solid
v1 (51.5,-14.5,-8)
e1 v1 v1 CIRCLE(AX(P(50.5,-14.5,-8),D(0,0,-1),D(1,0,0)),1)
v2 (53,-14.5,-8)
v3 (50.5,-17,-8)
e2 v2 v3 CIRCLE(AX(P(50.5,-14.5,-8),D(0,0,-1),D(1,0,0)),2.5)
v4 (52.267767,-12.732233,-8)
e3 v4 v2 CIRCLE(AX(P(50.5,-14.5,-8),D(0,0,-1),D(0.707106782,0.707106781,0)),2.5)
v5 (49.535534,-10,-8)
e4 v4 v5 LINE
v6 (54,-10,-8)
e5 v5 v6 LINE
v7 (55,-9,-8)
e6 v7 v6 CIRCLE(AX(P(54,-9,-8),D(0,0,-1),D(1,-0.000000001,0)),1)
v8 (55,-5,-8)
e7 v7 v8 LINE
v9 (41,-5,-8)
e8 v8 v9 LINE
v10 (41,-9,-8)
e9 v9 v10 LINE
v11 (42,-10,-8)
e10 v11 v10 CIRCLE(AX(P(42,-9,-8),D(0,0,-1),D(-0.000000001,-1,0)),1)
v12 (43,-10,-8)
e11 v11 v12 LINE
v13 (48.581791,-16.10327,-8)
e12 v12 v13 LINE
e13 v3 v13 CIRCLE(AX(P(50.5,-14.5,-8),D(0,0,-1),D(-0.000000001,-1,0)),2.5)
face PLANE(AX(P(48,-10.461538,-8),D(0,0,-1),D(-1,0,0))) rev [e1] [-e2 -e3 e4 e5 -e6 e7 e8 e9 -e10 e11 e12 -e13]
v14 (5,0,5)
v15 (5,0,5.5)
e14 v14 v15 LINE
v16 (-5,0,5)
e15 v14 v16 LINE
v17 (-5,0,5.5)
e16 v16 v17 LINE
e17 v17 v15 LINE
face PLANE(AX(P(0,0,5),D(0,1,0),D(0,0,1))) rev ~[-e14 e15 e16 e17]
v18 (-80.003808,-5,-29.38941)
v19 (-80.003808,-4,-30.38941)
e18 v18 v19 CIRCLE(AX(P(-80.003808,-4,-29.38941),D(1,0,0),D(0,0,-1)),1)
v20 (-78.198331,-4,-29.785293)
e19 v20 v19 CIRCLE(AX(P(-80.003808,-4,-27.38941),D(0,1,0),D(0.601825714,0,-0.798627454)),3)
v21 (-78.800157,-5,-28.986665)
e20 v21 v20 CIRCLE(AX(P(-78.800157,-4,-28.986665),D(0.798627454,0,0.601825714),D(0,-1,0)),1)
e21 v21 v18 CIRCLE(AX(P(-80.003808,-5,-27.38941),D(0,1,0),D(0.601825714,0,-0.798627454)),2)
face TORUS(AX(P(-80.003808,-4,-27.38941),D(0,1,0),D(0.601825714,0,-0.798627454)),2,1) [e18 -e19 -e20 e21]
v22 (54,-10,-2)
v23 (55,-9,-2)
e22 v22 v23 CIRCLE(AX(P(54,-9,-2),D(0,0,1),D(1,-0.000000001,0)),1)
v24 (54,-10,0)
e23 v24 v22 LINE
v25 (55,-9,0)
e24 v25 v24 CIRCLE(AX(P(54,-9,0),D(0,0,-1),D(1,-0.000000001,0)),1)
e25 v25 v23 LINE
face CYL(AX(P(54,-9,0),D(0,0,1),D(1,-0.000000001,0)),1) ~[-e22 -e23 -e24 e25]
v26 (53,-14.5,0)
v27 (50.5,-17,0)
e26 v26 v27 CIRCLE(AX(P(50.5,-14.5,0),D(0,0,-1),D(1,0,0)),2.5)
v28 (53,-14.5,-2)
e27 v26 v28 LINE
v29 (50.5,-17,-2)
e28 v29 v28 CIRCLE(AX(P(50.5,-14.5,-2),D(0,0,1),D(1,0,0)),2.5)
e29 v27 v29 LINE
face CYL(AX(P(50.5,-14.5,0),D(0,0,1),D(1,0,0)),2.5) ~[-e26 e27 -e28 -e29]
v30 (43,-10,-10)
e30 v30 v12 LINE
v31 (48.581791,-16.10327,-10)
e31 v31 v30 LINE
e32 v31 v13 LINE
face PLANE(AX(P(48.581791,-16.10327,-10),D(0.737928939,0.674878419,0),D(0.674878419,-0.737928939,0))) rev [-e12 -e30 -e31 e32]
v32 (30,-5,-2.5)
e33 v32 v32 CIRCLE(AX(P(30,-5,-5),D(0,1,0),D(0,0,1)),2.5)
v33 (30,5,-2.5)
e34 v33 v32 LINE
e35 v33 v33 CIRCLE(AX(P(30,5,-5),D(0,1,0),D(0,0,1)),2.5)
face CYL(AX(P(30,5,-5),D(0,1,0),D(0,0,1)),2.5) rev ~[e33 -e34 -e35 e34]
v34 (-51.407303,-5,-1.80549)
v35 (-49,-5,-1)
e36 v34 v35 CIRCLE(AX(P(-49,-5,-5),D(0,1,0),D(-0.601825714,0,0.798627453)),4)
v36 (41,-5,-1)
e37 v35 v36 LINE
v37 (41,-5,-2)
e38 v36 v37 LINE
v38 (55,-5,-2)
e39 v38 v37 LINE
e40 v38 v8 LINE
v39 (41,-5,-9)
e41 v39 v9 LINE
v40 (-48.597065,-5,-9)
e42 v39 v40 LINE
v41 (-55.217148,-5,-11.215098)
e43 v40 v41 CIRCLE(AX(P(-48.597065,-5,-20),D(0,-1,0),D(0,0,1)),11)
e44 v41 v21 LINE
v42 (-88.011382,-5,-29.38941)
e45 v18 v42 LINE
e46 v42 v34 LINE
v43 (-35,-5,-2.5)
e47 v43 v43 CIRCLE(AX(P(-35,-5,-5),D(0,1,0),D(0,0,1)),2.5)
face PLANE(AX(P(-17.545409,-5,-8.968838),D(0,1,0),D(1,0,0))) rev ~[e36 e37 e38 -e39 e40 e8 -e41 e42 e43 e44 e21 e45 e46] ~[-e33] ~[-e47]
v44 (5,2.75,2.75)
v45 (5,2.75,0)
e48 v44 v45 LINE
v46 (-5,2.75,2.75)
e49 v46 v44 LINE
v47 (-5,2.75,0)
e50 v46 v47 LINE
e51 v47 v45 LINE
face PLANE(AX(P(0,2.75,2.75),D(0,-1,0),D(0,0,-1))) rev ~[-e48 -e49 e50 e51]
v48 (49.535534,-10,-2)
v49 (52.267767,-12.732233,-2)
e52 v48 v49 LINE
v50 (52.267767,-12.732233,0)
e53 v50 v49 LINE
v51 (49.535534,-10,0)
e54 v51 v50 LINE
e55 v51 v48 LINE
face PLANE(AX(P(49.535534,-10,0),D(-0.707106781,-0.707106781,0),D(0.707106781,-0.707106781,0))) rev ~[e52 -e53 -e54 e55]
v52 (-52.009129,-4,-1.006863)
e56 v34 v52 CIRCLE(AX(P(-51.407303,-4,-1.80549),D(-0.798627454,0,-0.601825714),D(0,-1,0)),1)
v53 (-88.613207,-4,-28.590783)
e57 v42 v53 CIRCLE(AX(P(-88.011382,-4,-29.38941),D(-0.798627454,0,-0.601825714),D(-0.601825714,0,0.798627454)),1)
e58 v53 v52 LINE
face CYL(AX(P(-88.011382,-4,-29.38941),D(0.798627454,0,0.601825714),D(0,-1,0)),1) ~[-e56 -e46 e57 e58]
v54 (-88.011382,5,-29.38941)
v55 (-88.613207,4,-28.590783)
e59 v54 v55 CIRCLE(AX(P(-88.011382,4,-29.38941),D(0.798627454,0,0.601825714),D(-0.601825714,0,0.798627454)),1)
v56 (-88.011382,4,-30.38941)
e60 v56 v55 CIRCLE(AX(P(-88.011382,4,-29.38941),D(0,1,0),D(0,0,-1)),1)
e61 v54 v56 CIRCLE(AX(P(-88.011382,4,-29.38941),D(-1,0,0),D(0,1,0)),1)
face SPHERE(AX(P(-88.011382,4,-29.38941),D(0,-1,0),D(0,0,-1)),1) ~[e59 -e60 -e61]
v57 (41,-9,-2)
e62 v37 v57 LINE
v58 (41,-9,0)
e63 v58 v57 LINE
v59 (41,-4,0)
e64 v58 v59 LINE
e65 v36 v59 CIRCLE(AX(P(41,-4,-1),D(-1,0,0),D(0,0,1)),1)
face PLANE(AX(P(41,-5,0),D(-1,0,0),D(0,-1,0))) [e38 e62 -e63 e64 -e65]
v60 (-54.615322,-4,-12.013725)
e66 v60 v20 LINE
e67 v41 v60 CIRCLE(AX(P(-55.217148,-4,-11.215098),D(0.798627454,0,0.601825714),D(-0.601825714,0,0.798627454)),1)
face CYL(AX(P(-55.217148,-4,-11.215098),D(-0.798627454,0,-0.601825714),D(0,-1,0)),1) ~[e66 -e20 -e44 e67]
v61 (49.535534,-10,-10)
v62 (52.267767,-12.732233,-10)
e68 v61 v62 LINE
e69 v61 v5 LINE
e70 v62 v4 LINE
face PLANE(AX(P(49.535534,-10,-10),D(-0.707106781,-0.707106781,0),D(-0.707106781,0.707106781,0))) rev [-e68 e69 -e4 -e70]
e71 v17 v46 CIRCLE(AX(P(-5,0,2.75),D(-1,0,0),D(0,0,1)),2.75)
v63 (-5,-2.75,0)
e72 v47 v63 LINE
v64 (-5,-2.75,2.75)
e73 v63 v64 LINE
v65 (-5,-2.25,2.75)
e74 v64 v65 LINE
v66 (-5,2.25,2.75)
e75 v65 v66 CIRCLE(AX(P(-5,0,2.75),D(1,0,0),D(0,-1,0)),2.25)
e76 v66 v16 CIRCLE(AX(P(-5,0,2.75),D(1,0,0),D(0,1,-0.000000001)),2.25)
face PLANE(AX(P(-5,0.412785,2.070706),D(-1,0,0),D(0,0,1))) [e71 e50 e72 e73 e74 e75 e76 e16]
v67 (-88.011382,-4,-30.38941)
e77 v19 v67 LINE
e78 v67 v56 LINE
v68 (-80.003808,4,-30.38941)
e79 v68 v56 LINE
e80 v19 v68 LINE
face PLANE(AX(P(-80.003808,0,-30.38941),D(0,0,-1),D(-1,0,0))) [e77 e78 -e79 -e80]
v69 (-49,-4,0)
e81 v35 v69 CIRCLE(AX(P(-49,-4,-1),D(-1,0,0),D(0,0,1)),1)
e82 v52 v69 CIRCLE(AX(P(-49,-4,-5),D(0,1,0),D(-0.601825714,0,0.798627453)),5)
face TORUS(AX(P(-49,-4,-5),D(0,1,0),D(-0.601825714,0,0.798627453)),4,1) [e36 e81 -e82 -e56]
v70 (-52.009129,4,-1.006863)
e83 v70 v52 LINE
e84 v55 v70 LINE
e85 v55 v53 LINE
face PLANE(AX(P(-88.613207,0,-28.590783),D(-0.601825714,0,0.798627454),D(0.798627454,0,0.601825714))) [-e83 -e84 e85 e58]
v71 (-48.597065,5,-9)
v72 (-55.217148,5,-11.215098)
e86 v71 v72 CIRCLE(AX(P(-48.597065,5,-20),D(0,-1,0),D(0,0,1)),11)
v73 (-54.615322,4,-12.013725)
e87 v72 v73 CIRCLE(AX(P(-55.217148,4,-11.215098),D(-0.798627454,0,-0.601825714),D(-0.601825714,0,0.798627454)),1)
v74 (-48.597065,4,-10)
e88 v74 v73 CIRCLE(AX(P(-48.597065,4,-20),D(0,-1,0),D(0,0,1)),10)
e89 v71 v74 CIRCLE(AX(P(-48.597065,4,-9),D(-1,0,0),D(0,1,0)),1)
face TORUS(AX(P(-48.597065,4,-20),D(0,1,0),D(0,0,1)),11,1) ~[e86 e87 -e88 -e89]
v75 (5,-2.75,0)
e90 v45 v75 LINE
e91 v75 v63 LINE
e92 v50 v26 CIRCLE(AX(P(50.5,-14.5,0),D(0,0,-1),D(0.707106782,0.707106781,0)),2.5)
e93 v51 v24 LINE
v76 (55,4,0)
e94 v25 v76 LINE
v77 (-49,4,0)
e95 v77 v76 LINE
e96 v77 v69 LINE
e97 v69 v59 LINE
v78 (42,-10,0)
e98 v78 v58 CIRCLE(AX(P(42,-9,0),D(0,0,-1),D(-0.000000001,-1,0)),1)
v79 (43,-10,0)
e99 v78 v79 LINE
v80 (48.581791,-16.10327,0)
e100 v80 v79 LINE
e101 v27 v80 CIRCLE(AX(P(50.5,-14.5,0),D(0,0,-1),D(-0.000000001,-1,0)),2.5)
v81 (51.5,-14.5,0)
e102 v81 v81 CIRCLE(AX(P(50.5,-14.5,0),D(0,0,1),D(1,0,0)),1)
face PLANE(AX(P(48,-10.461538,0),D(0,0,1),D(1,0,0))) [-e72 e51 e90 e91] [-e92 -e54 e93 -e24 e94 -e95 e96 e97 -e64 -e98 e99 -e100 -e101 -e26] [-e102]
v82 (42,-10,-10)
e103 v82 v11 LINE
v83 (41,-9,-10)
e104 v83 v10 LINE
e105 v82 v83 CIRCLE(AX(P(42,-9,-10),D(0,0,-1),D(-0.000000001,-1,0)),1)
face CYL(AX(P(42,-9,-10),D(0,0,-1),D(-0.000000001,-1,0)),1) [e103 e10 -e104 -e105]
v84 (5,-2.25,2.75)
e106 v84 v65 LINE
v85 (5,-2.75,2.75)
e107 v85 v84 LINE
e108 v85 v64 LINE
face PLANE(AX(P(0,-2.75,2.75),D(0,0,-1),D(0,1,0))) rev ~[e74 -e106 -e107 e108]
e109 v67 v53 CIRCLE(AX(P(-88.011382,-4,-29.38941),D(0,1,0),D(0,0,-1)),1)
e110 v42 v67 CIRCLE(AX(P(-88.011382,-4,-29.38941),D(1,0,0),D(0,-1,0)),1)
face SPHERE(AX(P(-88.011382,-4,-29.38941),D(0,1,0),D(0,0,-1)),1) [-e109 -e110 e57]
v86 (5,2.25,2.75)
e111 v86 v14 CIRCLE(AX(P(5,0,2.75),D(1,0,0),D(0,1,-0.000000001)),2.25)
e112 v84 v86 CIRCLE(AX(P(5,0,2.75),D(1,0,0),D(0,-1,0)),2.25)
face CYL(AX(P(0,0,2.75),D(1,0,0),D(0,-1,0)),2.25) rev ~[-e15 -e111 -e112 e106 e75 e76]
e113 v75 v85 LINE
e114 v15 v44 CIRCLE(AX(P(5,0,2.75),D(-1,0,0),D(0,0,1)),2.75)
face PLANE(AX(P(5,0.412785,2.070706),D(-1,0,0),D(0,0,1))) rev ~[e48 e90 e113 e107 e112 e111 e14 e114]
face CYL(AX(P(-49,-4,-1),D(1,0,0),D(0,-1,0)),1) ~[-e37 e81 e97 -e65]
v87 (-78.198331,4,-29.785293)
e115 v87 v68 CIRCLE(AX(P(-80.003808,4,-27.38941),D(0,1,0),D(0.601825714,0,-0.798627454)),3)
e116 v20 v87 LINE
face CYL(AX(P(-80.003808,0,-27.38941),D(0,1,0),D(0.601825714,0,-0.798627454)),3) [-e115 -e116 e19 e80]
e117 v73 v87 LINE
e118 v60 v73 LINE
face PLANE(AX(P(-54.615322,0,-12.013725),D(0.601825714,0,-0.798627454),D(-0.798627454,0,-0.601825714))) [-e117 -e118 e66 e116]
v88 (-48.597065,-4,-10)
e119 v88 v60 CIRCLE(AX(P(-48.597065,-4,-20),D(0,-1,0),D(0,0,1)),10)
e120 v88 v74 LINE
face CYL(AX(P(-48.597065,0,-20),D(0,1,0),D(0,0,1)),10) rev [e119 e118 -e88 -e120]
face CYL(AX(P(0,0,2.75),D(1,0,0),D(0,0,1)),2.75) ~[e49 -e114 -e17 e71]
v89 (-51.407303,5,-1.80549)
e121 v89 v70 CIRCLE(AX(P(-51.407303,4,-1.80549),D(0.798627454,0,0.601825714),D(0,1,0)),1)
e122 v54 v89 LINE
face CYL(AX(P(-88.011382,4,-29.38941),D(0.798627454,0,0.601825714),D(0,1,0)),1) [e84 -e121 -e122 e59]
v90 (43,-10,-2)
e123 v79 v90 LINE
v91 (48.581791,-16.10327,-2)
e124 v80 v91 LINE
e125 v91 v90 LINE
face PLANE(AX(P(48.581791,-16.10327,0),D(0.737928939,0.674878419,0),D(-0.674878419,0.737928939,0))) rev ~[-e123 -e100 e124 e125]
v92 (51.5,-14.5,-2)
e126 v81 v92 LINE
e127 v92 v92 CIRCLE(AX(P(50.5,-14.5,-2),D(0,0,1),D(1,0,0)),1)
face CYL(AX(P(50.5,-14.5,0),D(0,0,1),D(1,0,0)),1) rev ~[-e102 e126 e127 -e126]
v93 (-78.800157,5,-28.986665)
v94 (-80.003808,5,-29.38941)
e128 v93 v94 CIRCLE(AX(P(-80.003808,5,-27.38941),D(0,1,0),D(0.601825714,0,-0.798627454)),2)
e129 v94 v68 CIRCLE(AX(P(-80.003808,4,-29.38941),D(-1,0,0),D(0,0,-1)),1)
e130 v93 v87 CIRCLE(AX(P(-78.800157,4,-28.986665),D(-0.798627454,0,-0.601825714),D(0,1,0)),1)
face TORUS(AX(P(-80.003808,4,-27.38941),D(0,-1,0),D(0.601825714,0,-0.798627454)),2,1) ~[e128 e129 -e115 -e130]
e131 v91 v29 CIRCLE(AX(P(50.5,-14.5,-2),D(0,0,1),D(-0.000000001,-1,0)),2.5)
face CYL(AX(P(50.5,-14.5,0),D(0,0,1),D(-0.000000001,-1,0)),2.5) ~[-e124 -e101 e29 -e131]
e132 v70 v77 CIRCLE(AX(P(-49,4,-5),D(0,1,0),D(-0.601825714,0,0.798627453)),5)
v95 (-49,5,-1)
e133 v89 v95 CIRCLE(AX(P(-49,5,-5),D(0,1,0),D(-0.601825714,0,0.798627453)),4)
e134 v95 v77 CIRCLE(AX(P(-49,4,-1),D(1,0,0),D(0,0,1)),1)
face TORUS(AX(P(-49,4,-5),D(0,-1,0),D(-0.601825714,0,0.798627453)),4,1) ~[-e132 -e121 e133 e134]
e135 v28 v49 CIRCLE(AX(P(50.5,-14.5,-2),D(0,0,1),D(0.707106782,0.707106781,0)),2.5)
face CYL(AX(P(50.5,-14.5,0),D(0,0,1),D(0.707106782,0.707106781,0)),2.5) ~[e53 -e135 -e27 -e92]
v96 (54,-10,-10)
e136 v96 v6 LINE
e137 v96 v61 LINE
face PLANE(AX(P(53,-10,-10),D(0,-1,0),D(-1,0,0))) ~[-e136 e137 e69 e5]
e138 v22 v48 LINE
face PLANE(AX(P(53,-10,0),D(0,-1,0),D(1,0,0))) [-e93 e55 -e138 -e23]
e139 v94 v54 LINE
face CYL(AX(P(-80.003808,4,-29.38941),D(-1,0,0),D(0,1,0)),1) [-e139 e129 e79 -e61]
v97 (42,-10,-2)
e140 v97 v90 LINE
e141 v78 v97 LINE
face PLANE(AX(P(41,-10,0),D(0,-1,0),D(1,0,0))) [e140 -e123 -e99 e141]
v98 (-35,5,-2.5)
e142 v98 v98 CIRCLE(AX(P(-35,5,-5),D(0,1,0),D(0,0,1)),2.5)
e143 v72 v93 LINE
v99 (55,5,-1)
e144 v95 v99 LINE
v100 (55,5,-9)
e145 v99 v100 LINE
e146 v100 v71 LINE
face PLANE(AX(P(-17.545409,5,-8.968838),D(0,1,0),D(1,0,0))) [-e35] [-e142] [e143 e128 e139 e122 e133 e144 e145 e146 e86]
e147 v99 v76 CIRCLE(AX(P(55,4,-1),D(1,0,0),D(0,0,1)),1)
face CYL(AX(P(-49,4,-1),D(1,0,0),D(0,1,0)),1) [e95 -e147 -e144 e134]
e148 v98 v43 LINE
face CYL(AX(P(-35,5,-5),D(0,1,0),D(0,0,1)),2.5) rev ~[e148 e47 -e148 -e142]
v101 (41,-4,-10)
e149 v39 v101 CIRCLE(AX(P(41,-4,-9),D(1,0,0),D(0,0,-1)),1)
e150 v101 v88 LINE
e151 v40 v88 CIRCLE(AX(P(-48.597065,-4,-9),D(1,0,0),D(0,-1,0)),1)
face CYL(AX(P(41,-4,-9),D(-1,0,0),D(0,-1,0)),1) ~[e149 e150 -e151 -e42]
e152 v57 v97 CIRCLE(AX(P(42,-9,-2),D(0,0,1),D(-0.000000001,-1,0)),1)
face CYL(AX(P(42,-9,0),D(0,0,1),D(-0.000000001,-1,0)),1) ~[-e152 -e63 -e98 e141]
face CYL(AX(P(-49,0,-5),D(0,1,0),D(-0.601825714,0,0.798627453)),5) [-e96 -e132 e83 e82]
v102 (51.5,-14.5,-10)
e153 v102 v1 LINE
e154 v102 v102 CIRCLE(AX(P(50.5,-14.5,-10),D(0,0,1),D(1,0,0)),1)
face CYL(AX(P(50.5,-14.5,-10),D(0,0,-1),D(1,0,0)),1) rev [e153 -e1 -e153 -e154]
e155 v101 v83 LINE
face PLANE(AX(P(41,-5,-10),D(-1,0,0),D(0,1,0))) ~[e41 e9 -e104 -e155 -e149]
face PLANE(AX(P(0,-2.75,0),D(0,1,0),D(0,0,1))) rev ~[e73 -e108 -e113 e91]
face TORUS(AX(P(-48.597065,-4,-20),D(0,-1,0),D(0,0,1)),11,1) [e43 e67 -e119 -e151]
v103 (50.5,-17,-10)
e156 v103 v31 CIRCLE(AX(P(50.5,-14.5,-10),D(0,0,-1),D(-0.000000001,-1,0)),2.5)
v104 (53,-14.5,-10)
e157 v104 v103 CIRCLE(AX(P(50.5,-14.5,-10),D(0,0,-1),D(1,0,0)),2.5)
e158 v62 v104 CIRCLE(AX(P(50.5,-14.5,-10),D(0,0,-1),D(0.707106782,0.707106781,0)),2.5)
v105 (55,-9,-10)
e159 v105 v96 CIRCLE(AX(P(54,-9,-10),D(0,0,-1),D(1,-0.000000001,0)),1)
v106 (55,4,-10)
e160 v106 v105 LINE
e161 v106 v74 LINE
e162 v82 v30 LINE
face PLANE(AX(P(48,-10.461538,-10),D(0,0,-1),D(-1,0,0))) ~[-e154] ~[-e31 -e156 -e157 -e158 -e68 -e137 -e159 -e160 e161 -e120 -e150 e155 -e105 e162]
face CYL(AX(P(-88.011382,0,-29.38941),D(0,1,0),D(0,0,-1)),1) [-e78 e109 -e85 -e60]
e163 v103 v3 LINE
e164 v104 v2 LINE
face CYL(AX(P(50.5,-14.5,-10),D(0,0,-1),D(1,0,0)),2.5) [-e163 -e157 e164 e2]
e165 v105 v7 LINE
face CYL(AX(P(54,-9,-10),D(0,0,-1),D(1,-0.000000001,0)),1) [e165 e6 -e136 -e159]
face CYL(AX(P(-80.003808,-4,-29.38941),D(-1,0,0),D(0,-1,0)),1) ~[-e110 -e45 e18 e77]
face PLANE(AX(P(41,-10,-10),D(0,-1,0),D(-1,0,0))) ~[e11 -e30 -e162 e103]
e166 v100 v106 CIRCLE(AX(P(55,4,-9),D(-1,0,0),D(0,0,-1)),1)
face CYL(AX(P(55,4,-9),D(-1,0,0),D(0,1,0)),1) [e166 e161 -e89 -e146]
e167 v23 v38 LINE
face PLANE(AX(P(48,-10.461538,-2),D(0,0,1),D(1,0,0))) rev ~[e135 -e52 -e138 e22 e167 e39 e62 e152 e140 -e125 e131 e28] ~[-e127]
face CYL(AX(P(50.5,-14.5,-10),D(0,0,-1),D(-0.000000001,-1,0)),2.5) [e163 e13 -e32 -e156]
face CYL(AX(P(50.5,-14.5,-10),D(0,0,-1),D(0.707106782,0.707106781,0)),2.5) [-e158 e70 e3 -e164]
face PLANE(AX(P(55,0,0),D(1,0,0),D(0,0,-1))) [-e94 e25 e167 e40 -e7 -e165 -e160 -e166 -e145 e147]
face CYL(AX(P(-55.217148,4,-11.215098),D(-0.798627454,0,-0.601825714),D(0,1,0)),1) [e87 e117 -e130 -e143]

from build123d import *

# Parameters (mm, degrees)
BOSS_EXTRUDE2_DEPTH = 5
BOSS_EXTRUDE3_DEPTH = 2
SKETCH4_R           = 1
CUT_EXTRUDE1_DEPTH  = 96.580030811
FILLET1_R           = 1
FILLET2_R           = 1
SKETCH5_R           = 2.5
CUT_EXTRUDE2_DEPTH  = 97.594732206
BOSS_EXTRUDE4_DEPTH = 5


with BuildPart() as part:
    # Sketch1 → Boss-Extrude2 (new, symmetric)
    with BuildSketch(Plane(origin=(0, 0, 0), x_dir=(1, 0, 0), z_dir=(0, 1, 0))):
        with BuildLine():
            Line((-49, 0), (49, 0))
            Line((49, 0), (55, 0))
            Line((55, 0), (55, 10))
            Line((55, 10), (49, 10))
            Line((49, 10), (-48.597064799, 10))
            ThreePointArc((-48.597064799, 10), (-51.770174838, 10.516784686), (-54.615321941, 12.013725463))
            Line((-54.615321941, 12.013725463), (-78.198331144, 29.785292532))
            ThreePointArc((-78.198331144, 29.785292532), (-79.051875275, 30.234374765), (-80.003808287, 30.389410171))
            Line((-80.003808287, 30.389410171), (-88.011381516, 30.389410171))
            ThreePointArc((-88.011381516, 30.389410171), (-88.959703047, 29.706721175), (-88.61320723, 28.590782717))
            Line((-88.61320723, 28.590782717), (-52.009128571, 1.006862732))
            ThreePointArc((-52.009128571, 1.006862732), (-50.586555019, 0.258392343), (-49, 0))
        make_face()
    extrude(amount=BOSS_EXTRUDE2_DEPTH, both=True)

    # Sketch3 → Boss-Extrude3 (add)
    with BuildSketch(Plane.XY):
        Polygon((55, -5), (41, -5), (41, -10), (43, -10), (43, -17), (53, -17), (53, -10), (55, -10), align=None)
    boss_extrude3 = extrude(amount=-BOSS_EXTRUDE3_DEPTH)

    # Sketch4 → Cut-Extrude1 (cut, through all)
    with BuildSketch(Plane.XY):
        with BuildLine():
            Line((55, -10), (55, -9))
            ThreePointArc((55, -9), (54.707106781, -9.707106781), (54, -10))
            Line((54, -10), (55, -10))
        make_face()
        with BuildLine():
            Line((53, -14.5), (53, -10))
            Line((53, -10), (49.535533906, -10))
            Line((49.535533906, -10), (52.267766953, -12.732233047))
            ThreePointArc((52.267766953, -12.732233047), (52.809698831, -13.543291419), (53, -14.5))
        make_face()
        with BuildLine():
            Line((53, -17), (53, -14.5))
            ThreePointArc((53, -14.5), (52.267766953, -16.267766953), (50.5, -17))
            Line((50.5, -17), (53, -17))
        make_face()
        with BuildLine():
            ThreePointArc((42, -10), (41.292893219, -9.707106781), (41, -9))
            Line((41, -9), (41, -10))
            Line((41, -10), (42, -10))
        make_face()
        with BuildLine():
            Line((43, -17), (50.5, -17))
            ThreePointArc((50.5, -17), (49.441268366, -16.764748844), (48.581791004, -16.103269862))
            Line((48.581791004, -16.103269862), (43, -10))
            Line((43, -10), (43, -17))
        make_face()
        with Locations((50.5, -14.5)):
            Circle(SKETCH4_R)
    cut_extrude1 = extrude(amount=-CUT_EXTRUDE1_DEPTH, mode=Mode.SUBTRACT)

    # Mirror1: Boss-Extrude3, Cut-Extrude1 across plane
    add(boss_extrude3.mirror(Plane.XY.offset(-5)))
    add(cut_extrude1.mirror(Plane.XY.offset(-5)), mode=Mode.SUBTRACT)

    # Fillet1
    fillet1_edges = [part.edges().sort_by_distance(p)[0] for p in [
        (-4, -5, 0),
        (-50.586555019, -5, -0.258392343),
        (-70.3111679, -5, -14.798822724),
        (-88.959703047, -5, -29.706721175),
        (-84.007594901, -5, -30.389410171),
        (-79.051875275, -5, -30.234374765),
        (-66.406826543, -5, -20.899508998),
        (-3.7985324, -5, -10),
        (-51.770174838, -5, -10.516784686),
    ]]
    fillet(fillet1_edges, radius=FILLET1_R)

    # Fillet2
    fillet2_edges = [part.edges().sort_by_distance(p)[0] for p in [
        (3.2014676, 5, -10),
        (-51.770174838, 5, -10.516784686),
        (-66.406826543, 5, -20.899508998),
        (-79.051875275, 5, -30.234374765),
        (-84.007594901, 5, -30.389410171),
        (-88.959703047, 5, -29.706721175),
        (-70.3111679, 5, -14.798822724),
        (-50.586555019, 5, -0.258392343),
        (3, 5, 0),
    ]]
    fillet(fillet2_edges, radius=FILLET2_R)

    # Sketch5 → Cut-Extrude2 (cut, through all)
    with BuildSketch(Plane(origin=(0, 5, 0), x_dir=(1, 0, 0), z_dir=(0, 1, 0))):
        with Locations(Location((30, 5, 0), (0, 0, 270))):
            Circle(SKETCH5_R)
        with Locations(Location((-35, 5, 0), (0, 0, 270))):
            Circle(SKETCH5_R)
    extrude(amount=-CUT_EXTRUDE2_DEPTH, mode=Mode.SUBTRACT)

    # Sketch6 → Boss-Extrude4 (add, symmetric)
    with BuildSketch(Plane(origin=(0, 0, 0), x_dir=(0, 0, -1), z_dir=(1, 0, 0))):
        with BuildLine():
            Line((0, 2.75), (0, -2.75))
            Line((0, -2.75), (-2.75, -2.75))
            Line((-2.75, -2.75), (-2.75, -2.25))
            ThreePointArc((-2.75, -2.25), (-0.5, 0), (-2.75, 2.25))
            ThreePointArc((-2.75, 2.25), (-4.340990258, 1.590990258), (-5, 0))
            Line((-5, 0), (-5.5, 0))
            ThreePointArc((-5.5, 0), (-4.694543648, 1.944543648), (-2.75, 2.75))
            Line((-2.75, 2.75), (0, 2.75))
        make_face()
    extrude(amount=BOSS_EXTRUDE4_DEPTH, both=True)


solid = part.part
